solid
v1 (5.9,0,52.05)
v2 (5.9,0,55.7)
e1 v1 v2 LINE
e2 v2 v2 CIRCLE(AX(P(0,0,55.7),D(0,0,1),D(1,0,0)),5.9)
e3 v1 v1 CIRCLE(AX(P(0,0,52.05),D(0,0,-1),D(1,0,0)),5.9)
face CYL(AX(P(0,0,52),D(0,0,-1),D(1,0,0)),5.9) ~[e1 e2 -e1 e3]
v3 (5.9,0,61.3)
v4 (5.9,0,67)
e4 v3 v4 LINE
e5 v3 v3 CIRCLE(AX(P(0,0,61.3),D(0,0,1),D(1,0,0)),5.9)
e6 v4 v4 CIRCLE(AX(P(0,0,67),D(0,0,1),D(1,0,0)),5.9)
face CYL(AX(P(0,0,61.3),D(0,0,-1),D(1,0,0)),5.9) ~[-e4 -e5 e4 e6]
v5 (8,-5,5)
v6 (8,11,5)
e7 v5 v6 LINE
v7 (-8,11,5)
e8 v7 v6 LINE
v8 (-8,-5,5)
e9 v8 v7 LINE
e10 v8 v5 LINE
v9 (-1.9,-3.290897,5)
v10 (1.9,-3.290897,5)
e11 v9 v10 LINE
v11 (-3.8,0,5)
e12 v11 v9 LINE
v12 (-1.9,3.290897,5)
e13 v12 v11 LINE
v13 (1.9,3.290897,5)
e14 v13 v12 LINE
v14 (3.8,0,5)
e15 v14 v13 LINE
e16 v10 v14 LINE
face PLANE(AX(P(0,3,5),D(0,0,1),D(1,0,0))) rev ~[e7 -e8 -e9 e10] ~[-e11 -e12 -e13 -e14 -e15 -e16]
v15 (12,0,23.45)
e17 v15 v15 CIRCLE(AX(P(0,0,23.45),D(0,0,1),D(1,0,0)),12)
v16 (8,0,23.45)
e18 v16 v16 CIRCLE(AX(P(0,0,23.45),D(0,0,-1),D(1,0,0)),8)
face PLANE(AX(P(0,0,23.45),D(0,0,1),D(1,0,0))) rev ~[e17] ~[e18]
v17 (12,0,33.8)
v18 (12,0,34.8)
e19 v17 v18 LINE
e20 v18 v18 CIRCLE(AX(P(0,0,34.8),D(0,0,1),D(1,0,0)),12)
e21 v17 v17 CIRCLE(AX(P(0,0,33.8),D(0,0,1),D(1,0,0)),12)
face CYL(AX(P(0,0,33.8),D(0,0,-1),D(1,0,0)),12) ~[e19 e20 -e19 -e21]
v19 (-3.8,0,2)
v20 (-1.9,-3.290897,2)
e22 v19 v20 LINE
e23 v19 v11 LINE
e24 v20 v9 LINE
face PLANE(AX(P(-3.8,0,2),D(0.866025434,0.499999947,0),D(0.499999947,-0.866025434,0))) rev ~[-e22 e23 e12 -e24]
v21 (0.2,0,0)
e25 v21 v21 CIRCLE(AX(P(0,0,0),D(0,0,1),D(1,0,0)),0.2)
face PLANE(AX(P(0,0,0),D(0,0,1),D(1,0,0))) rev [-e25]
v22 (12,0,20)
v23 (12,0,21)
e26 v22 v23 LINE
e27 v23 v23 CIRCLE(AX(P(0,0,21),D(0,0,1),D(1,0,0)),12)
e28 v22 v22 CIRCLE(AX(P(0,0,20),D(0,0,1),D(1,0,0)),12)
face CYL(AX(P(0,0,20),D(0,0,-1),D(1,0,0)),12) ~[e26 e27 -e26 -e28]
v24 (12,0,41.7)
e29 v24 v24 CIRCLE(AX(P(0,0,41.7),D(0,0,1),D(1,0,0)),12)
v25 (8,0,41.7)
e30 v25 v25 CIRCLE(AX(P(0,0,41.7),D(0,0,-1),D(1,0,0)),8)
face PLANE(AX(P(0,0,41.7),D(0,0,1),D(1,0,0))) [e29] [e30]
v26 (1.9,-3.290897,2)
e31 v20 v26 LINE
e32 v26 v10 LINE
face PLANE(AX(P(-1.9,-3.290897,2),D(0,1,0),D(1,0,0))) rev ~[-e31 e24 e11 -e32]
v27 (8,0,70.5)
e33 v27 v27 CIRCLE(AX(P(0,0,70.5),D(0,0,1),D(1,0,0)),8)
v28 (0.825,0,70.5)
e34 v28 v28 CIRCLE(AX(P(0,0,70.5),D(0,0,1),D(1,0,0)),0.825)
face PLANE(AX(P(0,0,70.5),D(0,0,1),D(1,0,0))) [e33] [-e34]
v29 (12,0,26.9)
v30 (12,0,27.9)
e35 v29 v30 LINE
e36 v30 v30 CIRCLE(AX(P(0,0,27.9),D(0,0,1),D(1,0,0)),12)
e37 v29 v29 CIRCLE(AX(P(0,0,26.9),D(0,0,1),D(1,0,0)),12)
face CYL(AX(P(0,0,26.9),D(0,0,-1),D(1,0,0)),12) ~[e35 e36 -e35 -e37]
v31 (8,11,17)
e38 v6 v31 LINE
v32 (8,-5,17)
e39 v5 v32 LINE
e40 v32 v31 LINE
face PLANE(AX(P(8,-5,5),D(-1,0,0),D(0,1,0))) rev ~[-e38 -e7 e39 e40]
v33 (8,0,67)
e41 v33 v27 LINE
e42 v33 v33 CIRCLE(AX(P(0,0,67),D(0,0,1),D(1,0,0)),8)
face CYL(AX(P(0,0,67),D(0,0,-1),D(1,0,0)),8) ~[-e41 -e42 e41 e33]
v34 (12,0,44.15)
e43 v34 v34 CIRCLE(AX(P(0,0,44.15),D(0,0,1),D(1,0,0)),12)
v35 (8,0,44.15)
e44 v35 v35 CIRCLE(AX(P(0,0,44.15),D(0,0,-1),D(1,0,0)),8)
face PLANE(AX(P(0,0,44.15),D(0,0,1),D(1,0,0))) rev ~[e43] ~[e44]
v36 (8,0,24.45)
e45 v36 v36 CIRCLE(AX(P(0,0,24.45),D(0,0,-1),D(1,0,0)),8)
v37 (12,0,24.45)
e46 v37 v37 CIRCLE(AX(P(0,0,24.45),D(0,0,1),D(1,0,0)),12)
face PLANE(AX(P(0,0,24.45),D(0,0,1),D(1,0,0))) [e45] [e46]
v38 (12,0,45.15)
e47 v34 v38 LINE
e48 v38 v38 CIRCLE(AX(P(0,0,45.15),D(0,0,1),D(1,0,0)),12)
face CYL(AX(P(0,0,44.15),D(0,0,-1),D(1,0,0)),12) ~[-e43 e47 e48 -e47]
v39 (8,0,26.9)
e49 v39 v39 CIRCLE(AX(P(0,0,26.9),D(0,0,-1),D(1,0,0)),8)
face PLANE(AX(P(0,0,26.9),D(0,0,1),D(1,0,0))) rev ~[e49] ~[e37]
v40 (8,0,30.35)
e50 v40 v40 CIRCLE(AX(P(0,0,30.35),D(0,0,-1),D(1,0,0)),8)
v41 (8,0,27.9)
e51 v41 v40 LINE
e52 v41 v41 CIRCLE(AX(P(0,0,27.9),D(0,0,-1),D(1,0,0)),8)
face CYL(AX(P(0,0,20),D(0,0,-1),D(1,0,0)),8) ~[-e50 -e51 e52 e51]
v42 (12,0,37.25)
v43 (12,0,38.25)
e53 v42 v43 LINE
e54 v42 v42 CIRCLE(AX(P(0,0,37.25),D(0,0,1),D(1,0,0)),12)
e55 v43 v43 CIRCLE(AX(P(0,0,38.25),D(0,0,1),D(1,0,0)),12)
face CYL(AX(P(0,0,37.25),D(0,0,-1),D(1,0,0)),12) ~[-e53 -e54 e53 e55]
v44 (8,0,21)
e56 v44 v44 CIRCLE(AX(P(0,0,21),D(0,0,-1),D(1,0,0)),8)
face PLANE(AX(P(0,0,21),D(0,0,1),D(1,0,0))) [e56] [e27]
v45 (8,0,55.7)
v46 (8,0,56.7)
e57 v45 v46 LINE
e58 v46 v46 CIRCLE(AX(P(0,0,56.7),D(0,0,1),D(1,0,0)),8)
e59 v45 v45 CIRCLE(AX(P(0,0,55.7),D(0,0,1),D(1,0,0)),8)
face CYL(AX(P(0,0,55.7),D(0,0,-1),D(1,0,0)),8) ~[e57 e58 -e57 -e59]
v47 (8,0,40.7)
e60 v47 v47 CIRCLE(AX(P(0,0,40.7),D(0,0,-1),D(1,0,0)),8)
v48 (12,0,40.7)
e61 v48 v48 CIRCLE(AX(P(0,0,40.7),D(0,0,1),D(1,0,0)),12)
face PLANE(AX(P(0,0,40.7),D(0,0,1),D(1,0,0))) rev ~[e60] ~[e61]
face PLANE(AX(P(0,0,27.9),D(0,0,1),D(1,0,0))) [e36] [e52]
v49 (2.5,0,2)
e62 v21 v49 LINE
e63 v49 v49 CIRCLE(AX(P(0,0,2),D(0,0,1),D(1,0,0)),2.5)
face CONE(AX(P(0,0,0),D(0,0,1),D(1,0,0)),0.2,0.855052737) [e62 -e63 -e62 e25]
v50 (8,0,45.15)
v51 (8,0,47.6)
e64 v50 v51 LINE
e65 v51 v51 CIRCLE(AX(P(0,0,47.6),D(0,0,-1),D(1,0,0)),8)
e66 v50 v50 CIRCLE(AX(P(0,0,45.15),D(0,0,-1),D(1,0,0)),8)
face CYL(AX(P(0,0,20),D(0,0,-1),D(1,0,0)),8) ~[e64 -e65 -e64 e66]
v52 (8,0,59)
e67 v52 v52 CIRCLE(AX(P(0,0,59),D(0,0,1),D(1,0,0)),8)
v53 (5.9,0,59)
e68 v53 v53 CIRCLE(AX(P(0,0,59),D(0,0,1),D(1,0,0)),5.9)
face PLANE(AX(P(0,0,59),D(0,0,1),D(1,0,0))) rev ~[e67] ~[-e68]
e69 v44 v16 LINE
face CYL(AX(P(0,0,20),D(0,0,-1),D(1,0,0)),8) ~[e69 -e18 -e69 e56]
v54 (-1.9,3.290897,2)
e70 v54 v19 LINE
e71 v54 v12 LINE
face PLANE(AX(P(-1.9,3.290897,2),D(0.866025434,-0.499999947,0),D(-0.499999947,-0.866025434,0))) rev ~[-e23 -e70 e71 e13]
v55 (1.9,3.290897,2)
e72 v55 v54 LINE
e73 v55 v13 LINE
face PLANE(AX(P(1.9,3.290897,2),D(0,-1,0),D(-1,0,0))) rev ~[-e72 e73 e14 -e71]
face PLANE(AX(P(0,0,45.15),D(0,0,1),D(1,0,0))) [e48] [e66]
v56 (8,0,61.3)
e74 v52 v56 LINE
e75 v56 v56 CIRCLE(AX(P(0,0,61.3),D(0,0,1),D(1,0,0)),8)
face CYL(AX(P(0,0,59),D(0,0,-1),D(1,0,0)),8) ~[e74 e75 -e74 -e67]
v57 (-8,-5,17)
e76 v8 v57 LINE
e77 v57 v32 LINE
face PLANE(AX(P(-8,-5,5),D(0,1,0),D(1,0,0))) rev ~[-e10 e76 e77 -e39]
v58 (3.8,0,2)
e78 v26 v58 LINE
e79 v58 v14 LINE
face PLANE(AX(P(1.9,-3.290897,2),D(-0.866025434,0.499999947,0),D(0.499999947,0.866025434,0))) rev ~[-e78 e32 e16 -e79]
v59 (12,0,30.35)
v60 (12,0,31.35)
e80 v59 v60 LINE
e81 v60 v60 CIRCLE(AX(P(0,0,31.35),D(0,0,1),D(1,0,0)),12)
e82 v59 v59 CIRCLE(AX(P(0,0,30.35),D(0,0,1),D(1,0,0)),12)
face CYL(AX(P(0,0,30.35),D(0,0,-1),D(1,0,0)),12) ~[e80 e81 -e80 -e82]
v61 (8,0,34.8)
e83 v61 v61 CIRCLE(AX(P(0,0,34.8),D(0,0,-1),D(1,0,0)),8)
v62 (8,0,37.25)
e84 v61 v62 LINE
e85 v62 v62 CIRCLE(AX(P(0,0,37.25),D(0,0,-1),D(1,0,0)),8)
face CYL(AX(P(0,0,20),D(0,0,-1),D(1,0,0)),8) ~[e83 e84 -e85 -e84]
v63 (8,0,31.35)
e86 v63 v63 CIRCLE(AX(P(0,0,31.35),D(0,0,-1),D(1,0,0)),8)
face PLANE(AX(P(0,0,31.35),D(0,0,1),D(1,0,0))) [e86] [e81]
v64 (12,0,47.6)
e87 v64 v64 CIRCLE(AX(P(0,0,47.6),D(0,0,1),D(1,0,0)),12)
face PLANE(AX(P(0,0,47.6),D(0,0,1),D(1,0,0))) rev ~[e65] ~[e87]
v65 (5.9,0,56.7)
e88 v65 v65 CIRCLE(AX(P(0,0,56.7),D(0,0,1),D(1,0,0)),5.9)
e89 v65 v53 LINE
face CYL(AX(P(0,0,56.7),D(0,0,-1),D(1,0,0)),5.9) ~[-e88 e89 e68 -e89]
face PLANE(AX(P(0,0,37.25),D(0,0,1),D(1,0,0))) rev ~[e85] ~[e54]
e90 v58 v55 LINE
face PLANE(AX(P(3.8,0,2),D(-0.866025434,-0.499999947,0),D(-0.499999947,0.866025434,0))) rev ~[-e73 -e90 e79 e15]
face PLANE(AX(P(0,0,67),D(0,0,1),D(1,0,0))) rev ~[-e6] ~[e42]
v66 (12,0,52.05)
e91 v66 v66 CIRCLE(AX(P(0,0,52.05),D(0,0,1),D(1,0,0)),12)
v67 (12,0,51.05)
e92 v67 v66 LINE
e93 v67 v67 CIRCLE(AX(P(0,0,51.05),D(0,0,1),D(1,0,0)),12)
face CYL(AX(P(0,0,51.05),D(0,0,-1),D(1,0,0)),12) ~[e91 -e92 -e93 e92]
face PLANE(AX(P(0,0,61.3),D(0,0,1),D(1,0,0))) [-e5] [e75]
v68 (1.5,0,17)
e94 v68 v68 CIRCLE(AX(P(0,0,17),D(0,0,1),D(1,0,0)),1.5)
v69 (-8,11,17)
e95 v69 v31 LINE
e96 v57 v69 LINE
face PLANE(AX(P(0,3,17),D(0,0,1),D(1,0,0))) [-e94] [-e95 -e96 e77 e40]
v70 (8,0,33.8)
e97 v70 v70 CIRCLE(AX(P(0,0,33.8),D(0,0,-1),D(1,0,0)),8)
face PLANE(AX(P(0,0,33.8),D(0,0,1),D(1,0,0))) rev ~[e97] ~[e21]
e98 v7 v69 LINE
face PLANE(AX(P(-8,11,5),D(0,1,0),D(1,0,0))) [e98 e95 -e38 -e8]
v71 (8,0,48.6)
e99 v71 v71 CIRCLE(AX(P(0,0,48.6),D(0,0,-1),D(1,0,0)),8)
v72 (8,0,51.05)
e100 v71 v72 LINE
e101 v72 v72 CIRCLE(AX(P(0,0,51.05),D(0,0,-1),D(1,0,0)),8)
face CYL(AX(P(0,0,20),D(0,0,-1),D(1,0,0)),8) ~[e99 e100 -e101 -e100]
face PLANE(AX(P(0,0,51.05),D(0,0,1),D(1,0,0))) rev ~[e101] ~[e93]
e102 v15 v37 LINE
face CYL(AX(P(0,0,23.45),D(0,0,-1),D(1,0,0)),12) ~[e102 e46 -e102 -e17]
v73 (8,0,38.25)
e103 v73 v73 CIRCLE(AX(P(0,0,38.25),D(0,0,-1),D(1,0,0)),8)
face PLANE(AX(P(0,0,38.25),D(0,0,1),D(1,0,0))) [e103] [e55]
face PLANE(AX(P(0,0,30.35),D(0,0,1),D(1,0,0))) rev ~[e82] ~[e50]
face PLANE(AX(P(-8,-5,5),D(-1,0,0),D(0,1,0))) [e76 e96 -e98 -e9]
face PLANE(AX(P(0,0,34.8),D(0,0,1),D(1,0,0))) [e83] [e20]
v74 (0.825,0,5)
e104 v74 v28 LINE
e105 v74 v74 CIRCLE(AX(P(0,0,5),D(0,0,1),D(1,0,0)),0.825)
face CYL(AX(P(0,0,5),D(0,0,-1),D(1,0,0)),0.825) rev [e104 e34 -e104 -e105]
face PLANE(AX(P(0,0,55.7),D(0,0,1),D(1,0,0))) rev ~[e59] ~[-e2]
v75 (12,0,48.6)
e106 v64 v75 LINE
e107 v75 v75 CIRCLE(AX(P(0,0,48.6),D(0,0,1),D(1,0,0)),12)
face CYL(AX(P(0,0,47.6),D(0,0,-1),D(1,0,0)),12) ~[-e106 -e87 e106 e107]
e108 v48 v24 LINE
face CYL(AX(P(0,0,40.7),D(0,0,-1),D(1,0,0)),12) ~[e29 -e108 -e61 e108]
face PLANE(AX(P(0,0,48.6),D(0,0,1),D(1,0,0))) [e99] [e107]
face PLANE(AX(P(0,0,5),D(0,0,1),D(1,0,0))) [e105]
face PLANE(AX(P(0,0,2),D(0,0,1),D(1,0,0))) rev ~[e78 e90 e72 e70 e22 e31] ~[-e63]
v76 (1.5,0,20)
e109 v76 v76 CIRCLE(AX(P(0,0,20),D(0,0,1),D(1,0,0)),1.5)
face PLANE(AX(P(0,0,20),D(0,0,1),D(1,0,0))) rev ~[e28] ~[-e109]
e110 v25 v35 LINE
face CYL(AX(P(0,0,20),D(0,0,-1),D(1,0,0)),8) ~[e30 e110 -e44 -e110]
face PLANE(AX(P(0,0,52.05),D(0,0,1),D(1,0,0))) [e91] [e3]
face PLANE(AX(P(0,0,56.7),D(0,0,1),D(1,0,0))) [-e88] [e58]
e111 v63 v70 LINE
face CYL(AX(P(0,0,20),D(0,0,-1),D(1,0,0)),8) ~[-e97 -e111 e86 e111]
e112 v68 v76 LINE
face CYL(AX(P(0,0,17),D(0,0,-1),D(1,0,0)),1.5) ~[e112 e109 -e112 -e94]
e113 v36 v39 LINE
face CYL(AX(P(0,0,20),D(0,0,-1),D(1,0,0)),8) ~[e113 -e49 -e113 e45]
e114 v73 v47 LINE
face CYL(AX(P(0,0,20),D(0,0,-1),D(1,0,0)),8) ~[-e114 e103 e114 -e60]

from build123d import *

# Parameters (mm, degrees)
SKETCH011_R   = 0.825
PAD011_DEPTH  = 65.5
PAD001_DEPTH  = 3
SKETCH002_W   = 16
SKETCH002_H   = 16
PAD002_DEPTH  = 12
SKETCH003_R   = 1.5
PAD003_DEPTH  = 3
SKETCH004_R   = 8
PAD004_DEPTH  = 32
SKETCH005_R   = 12
PAD005_DEPTH  = 1
ARRAY_Z_COUNT = 10
ARRAY_Z_PITCH = 3.45
SKETCH006_R   = 8
PAD006_DEPTH  = 2.3
SKETCH007_R   = 8
PAD007_DEPTH  = 1
SKETCH008_R   = 5.9
PAD008_DEPTH  = 2.3
SKETCH009_R   = 5.9
PAD009_DEPTH  = 5.7
SKETCH010_R   = 5.9
PAD010_DEPTH  = 3.7
SKETCH_R      = 8
PAD_DEPTH     = 3.5


with BuildPart() as pad011:
    # Sketch011 → Pad011 (new body)
    with BuildSketch(Plane.XY.offset(5)):
        Circle(SKETCH011_R)
    extrude(amount=PAD011_DEPTH)


with BuildPart() as cone:
    # Cone → Cone (revolve)
    with BuildSketch(Plane.XZ):
        Polygon((0, 0), (0.2, 0), (2.5, 2), (0, 2), align=None)
    revolve(axis=Axis((0, 0, 0), (0, 0, 1)))


with BuildPart() as pad001:
    # Sketch001 → Pad001 (new body)
    with BuildSketch(Plane.XY.offset(2)):
        Polygon((1.9, -3.290897), (3.8, 0), (1.9, 3.290897), (-1.9, 3.290897), (-3.8, 0), (-1.9, -3.290897), align=None)
    extrude(amount=PAD001_DEPTH)


with BuildPart() as pad002:
    # Sketch002 → Pad002 (new body)
    with BuildSketch(Plane.XY.offset(5)):
        with Locations((0, 3)):
            Rectangle(SKETCH002_W, SKETCH002_H)
    extrude(amount=PAD002_DEPTH)


with BuildPart() as pad003:
    # Sketch003 → Pad003 (new body)
    with BuildSketch(Plane.XY.offset(17)):
        Circle(SKETCH003_R)
    extrude(amount=PAD003_DEPTH)


with BuildPart() as pad004:
    # Sketch004 → Pad004 (new body)
    with BuildSketch(Plane.XY.offset(20)):
        Circle(SKETCH004_R)
    extrude(amount=PAD004_DEPTH)


with BuildPart() as array:
    # Sketch005 → Pad005 (new body)
    with BuildSketch(Plane.XY.offset(20)):
        Circle(SKETCH005_R)
    extrude(amount=PAD005_DEPTH)

    # Array Z: Array ×10


with BuildPart() as array_1:
    add(array.part)
    with Locations(*[(0, 0, i * ARRAY_Z_PITCH) for i in range(1, ARRAY_Z_COUNT)]):
        add(array.part)


with BuildPart() as top03:
    # Sketch006 → Pad006 (new body)
    with BuildSketch(Plane.XY.offset(59)):
        Circle(SKETCH006_R)
    extrude(amount=PAD006_DEPTH)


with BuildPart() as top05:
    # Sketch007 → Pad007 (new body)
    with BuildSketch(Plane.XY.offset(55.7)):
        Circle(SKETCH007_R)
    extrude(amount=PAD007_DEPTH)


with BuildPart() as top04:
    # Sketch008 → Pad008 (new body)
    with BuildSketch(Plane.XY.offset(56.7)):
        Circle(SKETCH008_R)
    extrude(amount=PAD008_DEPTH)


with BuildPart() as top02:
    # Sketch009 → Pad009 (new body)
    with BuildSketch(Plane.XY.offset(61.3)):
        Circle(SKETCH009_R)
    extrude(amount=PAD009_DEPTH)


with BuildPart() as top06:
    # Sketch010 → Pad010 (new body)
    with BuildSketch(Plane.XY.offset(52)):
        Circle(SKETCH010_R)
    extrude(amount=PAD010_DEPTH)


with BuildPart() as cut:
    # Sketch → Pad (new body)
    with BuildSketch(Plane.XY.offset(67)):
        Circle(SKETCH_R)
    extrude(amount=PAD_DEPTH)

    # Fusion: union Cone, Pad001, Pad002, Pad003, Pad004, Array, Top03, Top05, Top04, Top02, Top06
    add(cone.part)
    add(pad001.part)
    add(pad002.part)
    add(pad003.part)
    add(pad004.part)
    add(array_1.part)
    add(top03.part)
    add(top05.part)
    add(top04.part)
    add(top02.part)
    add(top06.part)

    # Cut: cut Pad011
    add(pad011.part, mode=Mode.SUBTRACT)


solid = cut.part
